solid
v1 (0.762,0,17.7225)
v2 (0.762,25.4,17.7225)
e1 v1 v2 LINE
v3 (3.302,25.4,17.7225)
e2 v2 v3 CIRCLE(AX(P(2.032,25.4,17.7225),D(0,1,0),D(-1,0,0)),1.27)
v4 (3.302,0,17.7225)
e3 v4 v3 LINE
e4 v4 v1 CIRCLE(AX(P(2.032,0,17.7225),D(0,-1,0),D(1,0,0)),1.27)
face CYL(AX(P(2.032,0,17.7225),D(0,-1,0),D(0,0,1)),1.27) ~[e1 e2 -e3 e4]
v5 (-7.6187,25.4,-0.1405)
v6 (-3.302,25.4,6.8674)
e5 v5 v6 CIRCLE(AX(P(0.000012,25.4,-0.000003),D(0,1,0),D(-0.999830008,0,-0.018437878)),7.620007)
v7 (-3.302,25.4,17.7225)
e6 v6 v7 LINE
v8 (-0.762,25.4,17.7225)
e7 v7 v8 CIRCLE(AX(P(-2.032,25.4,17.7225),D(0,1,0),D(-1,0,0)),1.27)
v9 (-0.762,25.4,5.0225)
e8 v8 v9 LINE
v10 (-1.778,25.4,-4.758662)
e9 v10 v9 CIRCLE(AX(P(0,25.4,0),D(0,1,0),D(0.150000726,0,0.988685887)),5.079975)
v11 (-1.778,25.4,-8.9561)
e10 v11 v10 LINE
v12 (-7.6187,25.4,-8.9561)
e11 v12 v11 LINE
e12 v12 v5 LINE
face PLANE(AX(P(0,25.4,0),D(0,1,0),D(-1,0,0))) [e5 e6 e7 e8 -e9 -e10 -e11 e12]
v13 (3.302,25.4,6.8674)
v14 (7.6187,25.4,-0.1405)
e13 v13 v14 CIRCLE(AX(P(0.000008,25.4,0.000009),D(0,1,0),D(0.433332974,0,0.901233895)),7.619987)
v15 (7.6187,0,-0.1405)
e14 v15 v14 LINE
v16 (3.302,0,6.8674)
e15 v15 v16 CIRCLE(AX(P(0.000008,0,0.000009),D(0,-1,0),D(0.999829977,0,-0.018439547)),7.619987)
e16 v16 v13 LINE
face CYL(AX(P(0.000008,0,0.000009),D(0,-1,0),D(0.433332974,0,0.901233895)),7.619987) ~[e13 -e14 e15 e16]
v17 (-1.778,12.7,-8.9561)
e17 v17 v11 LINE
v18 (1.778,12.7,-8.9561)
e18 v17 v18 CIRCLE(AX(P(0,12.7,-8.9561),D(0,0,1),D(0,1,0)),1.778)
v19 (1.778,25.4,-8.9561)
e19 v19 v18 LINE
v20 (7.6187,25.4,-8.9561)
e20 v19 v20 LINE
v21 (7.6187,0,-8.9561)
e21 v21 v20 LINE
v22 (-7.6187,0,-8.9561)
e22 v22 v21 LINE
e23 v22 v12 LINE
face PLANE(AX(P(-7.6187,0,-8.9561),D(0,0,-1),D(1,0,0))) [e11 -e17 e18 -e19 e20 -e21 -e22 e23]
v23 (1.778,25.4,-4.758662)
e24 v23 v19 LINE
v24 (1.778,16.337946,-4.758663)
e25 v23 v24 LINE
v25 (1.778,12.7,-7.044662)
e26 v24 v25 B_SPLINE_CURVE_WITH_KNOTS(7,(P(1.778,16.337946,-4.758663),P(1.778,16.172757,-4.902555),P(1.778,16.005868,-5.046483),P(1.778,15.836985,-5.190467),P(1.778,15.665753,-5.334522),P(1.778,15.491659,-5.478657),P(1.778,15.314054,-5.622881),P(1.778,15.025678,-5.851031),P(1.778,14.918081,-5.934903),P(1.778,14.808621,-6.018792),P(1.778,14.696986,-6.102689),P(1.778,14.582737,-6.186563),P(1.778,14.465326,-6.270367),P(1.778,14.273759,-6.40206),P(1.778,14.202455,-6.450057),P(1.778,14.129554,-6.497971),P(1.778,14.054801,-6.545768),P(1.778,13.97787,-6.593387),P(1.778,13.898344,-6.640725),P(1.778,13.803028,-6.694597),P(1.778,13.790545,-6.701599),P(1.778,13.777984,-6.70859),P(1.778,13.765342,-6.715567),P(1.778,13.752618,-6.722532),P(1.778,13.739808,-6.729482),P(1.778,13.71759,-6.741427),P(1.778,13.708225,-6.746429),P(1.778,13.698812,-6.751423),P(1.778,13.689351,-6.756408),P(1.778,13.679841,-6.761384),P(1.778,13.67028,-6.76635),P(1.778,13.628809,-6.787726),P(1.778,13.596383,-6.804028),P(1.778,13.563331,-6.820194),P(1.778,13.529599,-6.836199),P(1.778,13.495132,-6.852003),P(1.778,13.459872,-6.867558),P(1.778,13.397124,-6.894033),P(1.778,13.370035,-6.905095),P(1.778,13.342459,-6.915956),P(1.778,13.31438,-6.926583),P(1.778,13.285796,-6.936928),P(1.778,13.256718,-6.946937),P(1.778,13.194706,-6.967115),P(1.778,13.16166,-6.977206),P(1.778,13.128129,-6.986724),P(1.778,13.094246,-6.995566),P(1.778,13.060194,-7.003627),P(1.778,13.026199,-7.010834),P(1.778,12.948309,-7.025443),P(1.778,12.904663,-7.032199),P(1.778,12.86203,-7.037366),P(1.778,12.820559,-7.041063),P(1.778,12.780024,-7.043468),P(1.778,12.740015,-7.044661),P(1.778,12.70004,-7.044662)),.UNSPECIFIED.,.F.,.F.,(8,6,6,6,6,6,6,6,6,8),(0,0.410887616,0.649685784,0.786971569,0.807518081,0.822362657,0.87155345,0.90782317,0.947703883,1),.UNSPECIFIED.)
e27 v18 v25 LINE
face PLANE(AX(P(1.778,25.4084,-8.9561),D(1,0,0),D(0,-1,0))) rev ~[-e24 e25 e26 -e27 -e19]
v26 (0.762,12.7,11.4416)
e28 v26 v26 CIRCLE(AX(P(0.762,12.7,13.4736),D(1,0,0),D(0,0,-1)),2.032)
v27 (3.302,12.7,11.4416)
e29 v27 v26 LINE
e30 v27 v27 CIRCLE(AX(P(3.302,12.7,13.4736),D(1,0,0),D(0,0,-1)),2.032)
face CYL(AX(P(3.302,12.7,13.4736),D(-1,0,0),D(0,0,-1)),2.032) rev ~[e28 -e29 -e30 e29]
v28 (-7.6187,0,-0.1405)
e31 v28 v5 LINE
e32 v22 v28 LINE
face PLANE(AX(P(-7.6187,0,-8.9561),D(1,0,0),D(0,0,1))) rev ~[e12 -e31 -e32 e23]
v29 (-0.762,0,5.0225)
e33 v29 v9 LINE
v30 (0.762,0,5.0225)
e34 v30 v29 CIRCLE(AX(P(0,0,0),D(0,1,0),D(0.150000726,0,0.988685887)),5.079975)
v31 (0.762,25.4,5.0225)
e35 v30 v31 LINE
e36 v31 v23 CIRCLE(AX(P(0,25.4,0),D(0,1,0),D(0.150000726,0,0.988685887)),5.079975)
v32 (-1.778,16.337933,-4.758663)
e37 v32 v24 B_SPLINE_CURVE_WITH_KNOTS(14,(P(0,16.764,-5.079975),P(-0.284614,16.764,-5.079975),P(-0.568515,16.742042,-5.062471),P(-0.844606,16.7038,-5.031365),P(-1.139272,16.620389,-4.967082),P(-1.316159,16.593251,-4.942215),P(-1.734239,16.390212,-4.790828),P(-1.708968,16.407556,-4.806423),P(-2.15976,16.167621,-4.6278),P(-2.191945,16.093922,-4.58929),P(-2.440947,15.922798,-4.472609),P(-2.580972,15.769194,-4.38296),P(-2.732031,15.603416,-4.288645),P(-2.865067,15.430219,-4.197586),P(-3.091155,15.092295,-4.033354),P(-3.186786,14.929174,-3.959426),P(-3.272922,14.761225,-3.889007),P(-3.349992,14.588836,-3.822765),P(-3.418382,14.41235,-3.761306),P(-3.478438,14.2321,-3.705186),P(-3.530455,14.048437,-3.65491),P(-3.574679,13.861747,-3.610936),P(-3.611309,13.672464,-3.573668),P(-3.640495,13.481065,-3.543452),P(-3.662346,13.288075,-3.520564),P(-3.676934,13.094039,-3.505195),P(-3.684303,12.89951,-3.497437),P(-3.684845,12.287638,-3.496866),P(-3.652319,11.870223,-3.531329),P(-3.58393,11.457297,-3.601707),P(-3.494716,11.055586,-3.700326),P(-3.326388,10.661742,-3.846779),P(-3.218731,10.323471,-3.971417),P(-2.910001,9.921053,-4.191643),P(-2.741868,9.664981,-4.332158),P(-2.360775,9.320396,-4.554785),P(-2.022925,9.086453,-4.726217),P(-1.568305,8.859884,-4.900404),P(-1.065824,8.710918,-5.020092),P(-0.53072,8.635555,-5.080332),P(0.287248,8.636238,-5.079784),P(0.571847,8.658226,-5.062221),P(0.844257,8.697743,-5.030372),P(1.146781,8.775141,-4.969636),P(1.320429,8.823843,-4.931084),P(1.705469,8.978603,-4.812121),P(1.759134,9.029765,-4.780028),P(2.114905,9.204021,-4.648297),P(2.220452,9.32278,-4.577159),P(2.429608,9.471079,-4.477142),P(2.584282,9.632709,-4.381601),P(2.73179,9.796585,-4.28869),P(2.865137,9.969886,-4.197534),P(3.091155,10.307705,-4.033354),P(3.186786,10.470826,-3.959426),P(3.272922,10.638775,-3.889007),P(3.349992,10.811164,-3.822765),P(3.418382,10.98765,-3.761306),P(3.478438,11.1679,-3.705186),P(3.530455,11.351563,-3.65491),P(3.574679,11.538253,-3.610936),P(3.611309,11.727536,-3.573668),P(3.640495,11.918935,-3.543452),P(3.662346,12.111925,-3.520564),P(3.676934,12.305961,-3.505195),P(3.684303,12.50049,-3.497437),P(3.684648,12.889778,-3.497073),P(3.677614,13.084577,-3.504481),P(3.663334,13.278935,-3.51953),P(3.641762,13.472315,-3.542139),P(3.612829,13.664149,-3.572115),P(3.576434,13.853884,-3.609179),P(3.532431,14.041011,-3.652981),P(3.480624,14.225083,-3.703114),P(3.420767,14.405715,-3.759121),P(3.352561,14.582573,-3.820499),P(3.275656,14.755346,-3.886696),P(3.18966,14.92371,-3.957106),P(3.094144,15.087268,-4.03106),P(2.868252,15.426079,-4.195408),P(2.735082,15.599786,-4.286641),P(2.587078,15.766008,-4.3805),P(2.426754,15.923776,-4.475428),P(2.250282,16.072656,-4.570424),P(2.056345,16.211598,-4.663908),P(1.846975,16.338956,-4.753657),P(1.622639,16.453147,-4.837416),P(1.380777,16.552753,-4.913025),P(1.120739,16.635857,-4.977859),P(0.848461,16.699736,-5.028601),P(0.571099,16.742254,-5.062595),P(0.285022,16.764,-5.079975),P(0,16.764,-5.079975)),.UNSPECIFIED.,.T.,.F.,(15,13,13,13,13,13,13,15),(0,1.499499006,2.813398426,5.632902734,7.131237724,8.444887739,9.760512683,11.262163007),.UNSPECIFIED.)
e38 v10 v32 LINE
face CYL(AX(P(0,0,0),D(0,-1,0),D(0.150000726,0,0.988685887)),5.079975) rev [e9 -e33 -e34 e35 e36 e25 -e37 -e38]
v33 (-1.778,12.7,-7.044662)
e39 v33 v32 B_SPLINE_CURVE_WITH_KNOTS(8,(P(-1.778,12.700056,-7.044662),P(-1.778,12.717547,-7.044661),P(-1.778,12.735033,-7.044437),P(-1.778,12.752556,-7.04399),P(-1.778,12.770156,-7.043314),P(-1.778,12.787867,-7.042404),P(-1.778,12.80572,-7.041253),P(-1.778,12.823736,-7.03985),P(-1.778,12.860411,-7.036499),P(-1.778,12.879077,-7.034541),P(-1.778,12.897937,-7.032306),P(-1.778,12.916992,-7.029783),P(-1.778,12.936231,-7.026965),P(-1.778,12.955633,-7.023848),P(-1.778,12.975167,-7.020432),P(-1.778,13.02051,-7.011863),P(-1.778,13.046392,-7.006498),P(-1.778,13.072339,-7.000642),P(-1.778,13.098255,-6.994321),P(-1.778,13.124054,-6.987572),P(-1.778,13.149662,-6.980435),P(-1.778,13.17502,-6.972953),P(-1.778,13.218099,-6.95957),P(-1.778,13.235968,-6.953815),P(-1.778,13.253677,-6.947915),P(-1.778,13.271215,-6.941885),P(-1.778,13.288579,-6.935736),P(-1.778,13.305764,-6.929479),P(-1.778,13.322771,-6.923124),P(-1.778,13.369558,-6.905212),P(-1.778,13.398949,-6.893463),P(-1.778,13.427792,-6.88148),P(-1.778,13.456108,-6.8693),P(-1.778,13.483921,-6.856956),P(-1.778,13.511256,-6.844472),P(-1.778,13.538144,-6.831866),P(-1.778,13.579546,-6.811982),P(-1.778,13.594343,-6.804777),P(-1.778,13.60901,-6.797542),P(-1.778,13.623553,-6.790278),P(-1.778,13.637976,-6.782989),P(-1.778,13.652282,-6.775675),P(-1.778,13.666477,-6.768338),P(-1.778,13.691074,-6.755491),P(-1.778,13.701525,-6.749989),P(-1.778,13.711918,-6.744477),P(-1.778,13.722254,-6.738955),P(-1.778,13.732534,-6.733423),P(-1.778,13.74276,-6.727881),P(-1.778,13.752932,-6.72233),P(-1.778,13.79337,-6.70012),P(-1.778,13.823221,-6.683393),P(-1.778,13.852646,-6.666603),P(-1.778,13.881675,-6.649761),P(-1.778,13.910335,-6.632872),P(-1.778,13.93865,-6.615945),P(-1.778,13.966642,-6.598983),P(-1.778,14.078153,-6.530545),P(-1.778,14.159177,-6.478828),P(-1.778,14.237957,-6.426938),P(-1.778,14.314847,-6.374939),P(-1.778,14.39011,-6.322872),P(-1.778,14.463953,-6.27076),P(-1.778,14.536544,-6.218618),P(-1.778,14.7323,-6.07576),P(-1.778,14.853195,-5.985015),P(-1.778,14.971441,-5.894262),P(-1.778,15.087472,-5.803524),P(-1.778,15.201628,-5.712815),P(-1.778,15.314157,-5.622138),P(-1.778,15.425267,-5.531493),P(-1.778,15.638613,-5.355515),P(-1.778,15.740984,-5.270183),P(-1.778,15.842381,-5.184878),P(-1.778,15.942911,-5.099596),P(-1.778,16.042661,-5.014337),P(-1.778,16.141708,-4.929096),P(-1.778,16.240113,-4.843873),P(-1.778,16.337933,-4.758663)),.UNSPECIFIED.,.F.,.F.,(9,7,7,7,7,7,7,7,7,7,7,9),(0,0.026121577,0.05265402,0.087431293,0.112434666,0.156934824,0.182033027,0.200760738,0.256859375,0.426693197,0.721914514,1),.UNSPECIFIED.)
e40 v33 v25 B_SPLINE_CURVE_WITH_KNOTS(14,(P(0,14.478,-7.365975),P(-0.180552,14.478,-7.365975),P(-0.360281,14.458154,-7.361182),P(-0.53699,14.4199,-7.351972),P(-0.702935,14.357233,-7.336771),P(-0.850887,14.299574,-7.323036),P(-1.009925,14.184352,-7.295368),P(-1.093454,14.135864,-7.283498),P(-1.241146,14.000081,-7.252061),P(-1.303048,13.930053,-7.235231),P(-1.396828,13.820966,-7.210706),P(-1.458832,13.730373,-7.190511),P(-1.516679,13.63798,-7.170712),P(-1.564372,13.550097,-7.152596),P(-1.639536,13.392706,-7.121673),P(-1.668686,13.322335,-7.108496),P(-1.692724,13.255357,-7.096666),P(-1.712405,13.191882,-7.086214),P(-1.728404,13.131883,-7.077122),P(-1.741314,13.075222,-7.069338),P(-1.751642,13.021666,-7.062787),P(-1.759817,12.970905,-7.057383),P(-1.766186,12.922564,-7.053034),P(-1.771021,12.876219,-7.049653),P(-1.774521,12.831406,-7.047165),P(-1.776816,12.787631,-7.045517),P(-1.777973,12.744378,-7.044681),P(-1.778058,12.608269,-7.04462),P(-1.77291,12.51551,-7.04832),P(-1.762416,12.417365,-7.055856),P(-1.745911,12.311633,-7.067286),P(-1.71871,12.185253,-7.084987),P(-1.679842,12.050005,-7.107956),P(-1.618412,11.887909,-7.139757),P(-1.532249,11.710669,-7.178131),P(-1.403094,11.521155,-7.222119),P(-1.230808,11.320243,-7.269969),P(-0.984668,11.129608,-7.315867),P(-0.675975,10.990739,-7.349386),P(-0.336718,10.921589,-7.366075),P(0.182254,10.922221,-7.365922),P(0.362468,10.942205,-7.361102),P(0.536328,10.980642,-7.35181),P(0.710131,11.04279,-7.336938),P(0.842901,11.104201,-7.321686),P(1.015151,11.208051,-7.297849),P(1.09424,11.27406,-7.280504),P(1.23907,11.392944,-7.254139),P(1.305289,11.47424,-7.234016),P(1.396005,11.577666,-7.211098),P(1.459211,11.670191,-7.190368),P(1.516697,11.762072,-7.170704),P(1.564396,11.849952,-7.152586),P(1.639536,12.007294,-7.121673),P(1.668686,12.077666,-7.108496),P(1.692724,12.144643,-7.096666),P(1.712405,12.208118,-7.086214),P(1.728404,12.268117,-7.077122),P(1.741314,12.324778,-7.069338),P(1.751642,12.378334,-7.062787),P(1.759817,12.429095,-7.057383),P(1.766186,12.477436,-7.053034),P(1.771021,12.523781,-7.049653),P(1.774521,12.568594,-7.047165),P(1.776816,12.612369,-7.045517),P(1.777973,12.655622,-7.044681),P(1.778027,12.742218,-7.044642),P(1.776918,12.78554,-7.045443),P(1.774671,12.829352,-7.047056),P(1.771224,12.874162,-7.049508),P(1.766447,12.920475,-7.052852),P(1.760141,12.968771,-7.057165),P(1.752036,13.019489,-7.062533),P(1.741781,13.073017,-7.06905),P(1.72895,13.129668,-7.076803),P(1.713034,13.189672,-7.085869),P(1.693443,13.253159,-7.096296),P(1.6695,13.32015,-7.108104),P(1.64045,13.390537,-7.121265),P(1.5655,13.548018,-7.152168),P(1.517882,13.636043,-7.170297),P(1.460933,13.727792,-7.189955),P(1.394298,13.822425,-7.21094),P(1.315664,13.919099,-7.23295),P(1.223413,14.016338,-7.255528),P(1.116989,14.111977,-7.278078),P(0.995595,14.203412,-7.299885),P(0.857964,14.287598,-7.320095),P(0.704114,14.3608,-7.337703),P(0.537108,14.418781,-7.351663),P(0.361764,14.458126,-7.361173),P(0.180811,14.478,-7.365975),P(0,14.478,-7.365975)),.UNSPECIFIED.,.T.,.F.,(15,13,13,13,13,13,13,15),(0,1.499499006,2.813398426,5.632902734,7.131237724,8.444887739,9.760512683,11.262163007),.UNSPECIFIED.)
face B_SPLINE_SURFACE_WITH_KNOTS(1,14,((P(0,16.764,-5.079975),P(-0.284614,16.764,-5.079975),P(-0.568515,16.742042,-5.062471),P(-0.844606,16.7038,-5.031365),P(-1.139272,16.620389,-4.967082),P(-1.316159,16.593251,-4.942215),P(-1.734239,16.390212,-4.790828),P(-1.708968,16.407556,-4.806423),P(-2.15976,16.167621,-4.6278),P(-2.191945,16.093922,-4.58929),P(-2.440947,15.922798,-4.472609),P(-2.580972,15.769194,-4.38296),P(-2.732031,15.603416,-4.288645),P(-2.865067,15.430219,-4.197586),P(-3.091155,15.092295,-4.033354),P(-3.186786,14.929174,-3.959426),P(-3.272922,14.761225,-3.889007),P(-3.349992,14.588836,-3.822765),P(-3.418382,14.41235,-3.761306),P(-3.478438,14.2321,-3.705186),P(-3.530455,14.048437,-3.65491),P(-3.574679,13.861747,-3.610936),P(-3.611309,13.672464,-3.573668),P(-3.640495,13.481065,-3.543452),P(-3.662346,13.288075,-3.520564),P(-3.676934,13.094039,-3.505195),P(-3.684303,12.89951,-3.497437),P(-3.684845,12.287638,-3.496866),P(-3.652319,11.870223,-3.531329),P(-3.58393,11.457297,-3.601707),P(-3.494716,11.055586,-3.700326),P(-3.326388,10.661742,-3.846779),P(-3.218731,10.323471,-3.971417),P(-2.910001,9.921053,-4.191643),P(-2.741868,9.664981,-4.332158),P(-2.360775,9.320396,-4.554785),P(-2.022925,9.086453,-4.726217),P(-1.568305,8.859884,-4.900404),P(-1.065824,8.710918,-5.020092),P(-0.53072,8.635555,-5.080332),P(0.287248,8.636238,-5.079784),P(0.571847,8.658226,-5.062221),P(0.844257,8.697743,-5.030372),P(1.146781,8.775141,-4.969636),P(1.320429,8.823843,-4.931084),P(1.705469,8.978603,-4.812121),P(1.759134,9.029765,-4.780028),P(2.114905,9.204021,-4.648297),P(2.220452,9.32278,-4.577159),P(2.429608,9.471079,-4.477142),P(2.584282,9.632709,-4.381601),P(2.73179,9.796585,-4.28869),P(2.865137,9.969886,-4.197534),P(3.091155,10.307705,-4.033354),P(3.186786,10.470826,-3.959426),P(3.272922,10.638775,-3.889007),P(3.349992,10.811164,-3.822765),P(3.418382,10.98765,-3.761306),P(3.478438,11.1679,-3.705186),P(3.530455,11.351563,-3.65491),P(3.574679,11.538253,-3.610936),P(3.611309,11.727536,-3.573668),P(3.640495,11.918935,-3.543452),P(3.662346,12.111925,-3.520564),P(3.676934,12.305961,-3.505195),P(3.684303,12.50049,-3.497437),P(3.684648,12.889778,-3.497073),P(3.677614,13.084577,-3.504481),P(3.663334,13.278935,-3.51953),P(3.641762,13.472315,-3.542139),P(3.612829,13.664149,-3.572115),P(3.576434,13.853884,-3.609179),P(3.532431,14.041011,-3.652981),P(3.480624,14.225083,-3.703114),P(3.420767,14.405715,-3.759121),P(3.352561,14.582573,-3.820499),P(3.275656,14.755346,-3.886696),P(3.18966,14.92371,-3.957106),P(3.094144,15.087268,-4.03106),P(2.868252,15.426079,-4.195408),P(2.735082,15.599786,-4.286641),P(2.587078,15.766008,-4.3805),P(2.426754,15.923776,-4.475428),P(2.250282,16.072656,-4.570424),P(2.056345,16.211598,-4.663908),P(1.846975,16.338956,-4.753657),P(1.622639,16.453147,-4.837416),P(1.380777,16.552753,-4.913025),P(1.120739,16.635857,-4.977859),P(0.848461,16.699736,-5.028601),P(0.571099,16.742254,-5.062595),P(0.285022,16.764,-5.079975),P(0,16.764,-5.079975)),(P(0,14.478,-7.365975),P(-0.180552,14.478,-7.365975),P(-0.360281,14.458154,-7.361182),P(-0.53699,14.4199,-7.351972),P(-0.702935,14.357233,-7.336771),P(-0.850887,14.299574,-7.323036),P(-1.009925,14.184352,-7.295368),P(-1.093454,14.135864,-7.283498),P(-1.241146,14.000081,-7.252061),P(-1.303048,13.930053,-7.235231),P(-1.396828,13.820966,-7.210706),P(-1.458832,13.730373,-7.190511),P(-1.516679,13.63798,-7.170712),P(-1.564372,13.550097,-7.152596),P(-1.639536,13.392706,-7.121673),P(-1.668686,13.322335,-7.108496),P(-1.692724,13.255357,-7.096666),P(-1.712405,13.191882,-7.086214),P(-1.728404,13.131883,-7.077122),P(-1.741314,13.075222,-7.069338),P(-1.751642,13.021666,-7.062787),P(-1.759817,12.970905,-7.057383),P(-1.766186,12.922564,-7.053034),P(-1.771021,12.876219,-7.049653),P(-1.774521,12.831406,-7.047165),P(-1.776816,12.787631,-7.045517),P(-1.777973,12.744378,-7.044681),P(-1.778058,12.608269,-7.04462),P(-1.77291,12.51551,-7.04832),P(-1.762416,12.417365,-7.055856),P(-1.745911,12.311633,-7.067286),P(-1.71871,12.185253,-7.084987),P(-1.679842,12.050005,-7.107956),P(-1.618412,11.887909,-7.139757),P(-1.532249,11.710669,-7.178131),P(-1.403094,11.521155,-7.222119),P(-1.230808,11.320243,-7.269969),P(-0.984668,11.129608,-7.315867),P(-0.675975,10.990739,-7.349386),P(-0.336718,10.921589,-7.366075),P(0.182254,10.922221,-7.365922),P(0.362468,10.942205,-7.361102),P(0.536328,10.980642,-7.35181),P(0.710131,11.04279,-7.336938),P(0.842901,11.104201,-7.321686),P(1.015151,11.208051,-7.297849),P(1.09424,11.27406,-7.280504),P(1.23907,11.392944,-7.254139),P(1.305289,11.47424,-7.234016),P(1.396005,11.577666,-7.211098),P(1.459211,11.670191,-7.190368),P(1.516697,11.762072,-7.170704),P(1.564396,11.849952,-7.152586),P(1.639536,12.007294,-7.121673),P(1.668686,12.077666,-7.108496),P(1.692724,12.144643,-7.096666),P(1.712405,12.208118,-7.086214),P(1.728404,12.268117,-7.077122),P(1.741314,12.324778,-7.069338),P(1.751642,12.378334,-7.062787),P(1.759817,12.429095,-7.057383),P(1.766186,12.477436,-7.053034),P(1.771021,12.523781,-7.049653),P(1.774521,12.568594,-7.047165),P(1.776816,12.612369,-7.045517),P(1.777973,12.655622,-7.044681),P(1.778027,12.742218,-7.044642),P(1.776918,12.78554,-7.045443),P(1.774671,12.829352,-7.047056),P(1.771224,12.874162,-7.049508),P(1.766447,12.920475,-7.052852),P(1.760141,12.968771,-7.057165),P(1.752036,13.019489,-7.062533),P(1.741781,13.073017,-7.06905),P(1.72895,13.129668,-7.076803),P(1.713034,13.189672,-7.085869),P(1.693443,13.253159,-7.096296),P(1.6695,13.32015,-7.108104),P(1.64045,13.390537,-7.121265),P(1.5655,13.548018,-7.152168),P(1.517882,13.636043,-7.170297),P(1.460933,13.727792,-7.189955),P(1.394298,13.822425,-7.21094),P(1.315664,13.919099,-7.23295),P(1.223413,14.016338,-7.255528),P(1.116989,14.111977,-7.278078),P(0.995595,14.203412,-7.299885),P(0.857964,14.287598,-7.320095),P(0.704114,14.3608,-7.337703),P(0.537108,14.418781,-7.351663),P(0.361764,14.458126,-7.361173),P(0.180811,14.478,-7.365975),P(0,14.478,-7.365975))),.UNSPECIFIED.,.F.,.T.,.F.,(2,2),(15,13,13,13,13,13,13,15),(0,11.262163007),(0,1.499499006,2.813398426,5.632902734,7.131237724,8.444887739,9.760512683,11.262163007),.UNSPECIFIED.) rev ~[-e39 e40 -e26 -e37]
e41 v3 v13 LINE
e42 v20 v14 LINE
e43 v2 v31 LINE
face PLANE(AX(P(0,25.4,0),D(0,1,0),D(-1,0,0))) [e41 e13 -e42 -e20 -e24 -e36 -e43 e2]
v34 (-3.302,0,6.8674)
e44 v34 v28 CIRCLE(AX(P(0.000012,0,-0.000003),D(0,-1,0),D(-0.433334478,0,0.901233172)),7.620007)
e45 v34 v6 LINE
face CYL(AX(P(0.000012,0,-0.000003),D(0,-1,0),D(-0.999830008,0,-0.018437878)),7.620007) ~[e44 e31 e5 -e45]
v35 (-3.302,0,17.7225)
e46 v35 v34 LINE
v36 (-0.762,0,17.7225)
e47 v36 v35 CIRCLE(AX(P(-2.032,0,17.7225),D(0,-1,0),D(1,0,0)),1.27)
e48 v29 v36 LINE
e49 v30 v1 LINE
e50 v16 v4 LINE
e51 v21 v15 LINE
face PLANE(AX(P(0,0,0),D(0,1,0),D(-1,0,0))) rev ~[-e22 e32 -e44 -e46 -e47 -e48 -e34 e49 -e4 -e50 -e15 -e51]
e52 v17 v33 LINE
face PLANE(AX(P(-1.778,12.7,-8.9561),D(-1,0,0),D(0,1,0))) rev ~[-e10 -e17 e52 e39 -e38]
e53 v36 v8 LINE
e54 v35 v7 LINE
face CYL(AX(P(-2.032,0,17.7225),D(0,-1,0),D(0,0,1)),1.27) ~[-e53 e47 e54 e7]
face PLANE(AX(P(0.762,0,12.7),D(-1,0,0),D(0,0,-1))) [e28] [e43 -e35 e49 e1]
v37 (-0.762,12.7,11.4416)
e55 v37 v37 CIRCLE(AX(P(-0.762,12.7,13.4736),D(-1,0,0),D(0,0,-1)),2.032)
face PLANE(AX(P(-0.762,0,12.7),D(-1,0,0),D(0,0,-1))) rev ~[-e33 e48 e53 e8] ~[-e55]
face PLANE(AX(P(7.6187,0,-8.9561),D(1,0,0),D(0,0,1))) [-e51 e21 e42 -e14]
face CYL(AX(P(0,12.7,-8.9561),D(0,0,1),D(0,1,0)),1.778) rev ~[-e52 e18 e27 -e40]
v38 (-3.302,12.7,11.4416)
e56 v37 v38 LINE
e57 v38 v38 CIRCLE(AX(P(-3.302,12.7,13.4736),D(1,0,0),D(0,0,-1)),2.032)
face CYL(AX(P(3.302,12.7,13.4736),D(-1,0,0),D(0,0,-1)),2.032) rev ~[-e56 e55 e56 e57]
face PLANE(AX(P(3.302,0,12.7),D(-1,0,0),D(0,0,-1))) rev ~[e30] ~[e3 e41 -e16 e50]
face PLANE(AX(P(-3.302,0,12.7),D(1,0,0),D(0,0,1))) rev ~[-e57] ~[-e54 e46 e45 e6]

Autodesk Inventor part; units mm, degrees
ref_plane "YZ Plane" through (0, 0, 0) normal (1, 0, 0) x (0, 1, 0)
ref_plane "XZ Plane" through (0, 0, 0) normal (0, 1, 0) x (-1, 0, 0)
ref_plane "XY Plane" through (0, 0, 0) normal (0, 0, 1) x (1, 0, 0)
sketch "Sketch1" plane through (0, 0, 0) normal (0, 1, 0) x (-1, 0, 0)
  line L0 (-0.762, 12.7) -> (-0.762, 17.7225)
  line L1 (0.762, 12.7) -> (0.762, 17.7225)
  line L2 (-3.302, 12.7) -> (-3.302, 17.7225)
  line L3 (3.302, 12.7) -> (3.302, 17.7225)
  line L4 (3.302, 12.7) -> (3.302, 6.8674)
  line L5 (-3.302, 12.7) -> (-3.302, 6.8674)
  line L6 (-2.032, 18.9925) -> (-2.032, 18.9925)
  line L7 (2.032, 18.9925) -> (2.032, 18.9925)
  arc A0 (3.302, 17.7225) -> (2.032, 18.9925) centre (2.032, 17.7225) ccw
  arc A1 (2.032, 18.9925) -> (0.762, 17.7225) centre (2.032, 17.7225) ccw
  arc A2 (-0.762, 17.7225) -> (-2.032, 18.9925) centre (-2.032, 17.7225) ccw
  arc A3 (-2.032, 18.9925) -> (-3.302, 17.7225) centre (-2.032, 17.7225) ccw
  arc A4 (-0.762, 5.0225) -> (0.762, 5.0225) centre (0, 0) ccw
  line L8 (0.762, 12.7) -> (0.762, 5.0225)
  line L9 (-0.762, 12.7) -> (-0.762, 5.0225)
  arc A5 (-3.302, 6.8674) -> (-7.6187, -0.1405) centre (0, 0) ccw
  arc A6 (7.6187, -0.1405) -> (3.302, 6.8674) centre (0, 0) ccw
  line L10 (7.6187, -8.9561) -> (-7.6187, -8.9561)
  line L11 (7.6187, -8.9561) -> (7.6187, 0.1405)
  line L12 (-7.6187, -8.9561) -> (-7.6187, 0.1405)
  dimension "d3" = 2.54
  dimension "d4" = 2.54
  dimension "d5" = 1.27
  dimension "d6" = 10.16
  dimension "d7" = 1.524
  dimension "d8" = 1.524
  dimension "d9" = 12.7
  dimension "d10" = 12.7
extrude "Extrusion1" add sketch "Sketch1" along normal blind 25.4
sketch "Sketch3" plane through (3.302, 0, 17.7225) normal (1, 0, 0) x (0, 0, -1)
  line L0 (0, 25.4) -> (10.8551, 25.4) projected
  point P0 (17.7225, 0)
  point P1 (4.2489, 12.7)
  dimension "d24" = 12.7
hole "Hole2" at (3.302, 12.7, 13.4736) direction (-1, 0, 0) diameter 4.064 end through all
sketch "Sketch5" plane through (7.6187, 0, -8.9561) normal (0, 0, -1) x (-1, 0, 0)
  line L0 (2.5387, 0) -> (12.6987, 0) projected
  point P0 (7.6187, 0)
  point P1 (7.6187, 12.7)
  point P2 (8.3807, 0)
  point P3 (6.8567, 0)
  dimension "d34" = 12.7
hole "Hole3" at (0, 12.7, -8.9561) direction (0, 0, 1) diameter 3.556 depth 4.7625 tip angle 118
chamfer "Chamfer2" distance 2.286 angle 45 1 edges at (-0.0006, 10.922, -5.08)
sketch "Sketch6" plane through (7.6187, 0, -8.9561) normal (0, 0, -1) x (-1, 0, 0)
  circle A0 centre (7.6187, 12.7) radius 1.778 projected
  line L0 (5.8407, 12.7) -> (9.3967, 12.7)
  line L1 (9.3967, 12.7) -> (9.3967, 25.4084)
  line L2 (9.3967, 25.4084) -> (5.8407, 25.4084)
  line L3 (5.8407, 25.4084) -> (5.8407, 12.7)
  point P0 (7.6187, 0)
extrude "Extrusion2" cut sketch "Sketch6" against normal blind 6.35 contours L0 A0 | A0 L3 L2 L1 picked at (8.0623, 13.093)
equation "\"d10\" = d9"
properties part number "pen holder 3" material "PBT Plastic"
